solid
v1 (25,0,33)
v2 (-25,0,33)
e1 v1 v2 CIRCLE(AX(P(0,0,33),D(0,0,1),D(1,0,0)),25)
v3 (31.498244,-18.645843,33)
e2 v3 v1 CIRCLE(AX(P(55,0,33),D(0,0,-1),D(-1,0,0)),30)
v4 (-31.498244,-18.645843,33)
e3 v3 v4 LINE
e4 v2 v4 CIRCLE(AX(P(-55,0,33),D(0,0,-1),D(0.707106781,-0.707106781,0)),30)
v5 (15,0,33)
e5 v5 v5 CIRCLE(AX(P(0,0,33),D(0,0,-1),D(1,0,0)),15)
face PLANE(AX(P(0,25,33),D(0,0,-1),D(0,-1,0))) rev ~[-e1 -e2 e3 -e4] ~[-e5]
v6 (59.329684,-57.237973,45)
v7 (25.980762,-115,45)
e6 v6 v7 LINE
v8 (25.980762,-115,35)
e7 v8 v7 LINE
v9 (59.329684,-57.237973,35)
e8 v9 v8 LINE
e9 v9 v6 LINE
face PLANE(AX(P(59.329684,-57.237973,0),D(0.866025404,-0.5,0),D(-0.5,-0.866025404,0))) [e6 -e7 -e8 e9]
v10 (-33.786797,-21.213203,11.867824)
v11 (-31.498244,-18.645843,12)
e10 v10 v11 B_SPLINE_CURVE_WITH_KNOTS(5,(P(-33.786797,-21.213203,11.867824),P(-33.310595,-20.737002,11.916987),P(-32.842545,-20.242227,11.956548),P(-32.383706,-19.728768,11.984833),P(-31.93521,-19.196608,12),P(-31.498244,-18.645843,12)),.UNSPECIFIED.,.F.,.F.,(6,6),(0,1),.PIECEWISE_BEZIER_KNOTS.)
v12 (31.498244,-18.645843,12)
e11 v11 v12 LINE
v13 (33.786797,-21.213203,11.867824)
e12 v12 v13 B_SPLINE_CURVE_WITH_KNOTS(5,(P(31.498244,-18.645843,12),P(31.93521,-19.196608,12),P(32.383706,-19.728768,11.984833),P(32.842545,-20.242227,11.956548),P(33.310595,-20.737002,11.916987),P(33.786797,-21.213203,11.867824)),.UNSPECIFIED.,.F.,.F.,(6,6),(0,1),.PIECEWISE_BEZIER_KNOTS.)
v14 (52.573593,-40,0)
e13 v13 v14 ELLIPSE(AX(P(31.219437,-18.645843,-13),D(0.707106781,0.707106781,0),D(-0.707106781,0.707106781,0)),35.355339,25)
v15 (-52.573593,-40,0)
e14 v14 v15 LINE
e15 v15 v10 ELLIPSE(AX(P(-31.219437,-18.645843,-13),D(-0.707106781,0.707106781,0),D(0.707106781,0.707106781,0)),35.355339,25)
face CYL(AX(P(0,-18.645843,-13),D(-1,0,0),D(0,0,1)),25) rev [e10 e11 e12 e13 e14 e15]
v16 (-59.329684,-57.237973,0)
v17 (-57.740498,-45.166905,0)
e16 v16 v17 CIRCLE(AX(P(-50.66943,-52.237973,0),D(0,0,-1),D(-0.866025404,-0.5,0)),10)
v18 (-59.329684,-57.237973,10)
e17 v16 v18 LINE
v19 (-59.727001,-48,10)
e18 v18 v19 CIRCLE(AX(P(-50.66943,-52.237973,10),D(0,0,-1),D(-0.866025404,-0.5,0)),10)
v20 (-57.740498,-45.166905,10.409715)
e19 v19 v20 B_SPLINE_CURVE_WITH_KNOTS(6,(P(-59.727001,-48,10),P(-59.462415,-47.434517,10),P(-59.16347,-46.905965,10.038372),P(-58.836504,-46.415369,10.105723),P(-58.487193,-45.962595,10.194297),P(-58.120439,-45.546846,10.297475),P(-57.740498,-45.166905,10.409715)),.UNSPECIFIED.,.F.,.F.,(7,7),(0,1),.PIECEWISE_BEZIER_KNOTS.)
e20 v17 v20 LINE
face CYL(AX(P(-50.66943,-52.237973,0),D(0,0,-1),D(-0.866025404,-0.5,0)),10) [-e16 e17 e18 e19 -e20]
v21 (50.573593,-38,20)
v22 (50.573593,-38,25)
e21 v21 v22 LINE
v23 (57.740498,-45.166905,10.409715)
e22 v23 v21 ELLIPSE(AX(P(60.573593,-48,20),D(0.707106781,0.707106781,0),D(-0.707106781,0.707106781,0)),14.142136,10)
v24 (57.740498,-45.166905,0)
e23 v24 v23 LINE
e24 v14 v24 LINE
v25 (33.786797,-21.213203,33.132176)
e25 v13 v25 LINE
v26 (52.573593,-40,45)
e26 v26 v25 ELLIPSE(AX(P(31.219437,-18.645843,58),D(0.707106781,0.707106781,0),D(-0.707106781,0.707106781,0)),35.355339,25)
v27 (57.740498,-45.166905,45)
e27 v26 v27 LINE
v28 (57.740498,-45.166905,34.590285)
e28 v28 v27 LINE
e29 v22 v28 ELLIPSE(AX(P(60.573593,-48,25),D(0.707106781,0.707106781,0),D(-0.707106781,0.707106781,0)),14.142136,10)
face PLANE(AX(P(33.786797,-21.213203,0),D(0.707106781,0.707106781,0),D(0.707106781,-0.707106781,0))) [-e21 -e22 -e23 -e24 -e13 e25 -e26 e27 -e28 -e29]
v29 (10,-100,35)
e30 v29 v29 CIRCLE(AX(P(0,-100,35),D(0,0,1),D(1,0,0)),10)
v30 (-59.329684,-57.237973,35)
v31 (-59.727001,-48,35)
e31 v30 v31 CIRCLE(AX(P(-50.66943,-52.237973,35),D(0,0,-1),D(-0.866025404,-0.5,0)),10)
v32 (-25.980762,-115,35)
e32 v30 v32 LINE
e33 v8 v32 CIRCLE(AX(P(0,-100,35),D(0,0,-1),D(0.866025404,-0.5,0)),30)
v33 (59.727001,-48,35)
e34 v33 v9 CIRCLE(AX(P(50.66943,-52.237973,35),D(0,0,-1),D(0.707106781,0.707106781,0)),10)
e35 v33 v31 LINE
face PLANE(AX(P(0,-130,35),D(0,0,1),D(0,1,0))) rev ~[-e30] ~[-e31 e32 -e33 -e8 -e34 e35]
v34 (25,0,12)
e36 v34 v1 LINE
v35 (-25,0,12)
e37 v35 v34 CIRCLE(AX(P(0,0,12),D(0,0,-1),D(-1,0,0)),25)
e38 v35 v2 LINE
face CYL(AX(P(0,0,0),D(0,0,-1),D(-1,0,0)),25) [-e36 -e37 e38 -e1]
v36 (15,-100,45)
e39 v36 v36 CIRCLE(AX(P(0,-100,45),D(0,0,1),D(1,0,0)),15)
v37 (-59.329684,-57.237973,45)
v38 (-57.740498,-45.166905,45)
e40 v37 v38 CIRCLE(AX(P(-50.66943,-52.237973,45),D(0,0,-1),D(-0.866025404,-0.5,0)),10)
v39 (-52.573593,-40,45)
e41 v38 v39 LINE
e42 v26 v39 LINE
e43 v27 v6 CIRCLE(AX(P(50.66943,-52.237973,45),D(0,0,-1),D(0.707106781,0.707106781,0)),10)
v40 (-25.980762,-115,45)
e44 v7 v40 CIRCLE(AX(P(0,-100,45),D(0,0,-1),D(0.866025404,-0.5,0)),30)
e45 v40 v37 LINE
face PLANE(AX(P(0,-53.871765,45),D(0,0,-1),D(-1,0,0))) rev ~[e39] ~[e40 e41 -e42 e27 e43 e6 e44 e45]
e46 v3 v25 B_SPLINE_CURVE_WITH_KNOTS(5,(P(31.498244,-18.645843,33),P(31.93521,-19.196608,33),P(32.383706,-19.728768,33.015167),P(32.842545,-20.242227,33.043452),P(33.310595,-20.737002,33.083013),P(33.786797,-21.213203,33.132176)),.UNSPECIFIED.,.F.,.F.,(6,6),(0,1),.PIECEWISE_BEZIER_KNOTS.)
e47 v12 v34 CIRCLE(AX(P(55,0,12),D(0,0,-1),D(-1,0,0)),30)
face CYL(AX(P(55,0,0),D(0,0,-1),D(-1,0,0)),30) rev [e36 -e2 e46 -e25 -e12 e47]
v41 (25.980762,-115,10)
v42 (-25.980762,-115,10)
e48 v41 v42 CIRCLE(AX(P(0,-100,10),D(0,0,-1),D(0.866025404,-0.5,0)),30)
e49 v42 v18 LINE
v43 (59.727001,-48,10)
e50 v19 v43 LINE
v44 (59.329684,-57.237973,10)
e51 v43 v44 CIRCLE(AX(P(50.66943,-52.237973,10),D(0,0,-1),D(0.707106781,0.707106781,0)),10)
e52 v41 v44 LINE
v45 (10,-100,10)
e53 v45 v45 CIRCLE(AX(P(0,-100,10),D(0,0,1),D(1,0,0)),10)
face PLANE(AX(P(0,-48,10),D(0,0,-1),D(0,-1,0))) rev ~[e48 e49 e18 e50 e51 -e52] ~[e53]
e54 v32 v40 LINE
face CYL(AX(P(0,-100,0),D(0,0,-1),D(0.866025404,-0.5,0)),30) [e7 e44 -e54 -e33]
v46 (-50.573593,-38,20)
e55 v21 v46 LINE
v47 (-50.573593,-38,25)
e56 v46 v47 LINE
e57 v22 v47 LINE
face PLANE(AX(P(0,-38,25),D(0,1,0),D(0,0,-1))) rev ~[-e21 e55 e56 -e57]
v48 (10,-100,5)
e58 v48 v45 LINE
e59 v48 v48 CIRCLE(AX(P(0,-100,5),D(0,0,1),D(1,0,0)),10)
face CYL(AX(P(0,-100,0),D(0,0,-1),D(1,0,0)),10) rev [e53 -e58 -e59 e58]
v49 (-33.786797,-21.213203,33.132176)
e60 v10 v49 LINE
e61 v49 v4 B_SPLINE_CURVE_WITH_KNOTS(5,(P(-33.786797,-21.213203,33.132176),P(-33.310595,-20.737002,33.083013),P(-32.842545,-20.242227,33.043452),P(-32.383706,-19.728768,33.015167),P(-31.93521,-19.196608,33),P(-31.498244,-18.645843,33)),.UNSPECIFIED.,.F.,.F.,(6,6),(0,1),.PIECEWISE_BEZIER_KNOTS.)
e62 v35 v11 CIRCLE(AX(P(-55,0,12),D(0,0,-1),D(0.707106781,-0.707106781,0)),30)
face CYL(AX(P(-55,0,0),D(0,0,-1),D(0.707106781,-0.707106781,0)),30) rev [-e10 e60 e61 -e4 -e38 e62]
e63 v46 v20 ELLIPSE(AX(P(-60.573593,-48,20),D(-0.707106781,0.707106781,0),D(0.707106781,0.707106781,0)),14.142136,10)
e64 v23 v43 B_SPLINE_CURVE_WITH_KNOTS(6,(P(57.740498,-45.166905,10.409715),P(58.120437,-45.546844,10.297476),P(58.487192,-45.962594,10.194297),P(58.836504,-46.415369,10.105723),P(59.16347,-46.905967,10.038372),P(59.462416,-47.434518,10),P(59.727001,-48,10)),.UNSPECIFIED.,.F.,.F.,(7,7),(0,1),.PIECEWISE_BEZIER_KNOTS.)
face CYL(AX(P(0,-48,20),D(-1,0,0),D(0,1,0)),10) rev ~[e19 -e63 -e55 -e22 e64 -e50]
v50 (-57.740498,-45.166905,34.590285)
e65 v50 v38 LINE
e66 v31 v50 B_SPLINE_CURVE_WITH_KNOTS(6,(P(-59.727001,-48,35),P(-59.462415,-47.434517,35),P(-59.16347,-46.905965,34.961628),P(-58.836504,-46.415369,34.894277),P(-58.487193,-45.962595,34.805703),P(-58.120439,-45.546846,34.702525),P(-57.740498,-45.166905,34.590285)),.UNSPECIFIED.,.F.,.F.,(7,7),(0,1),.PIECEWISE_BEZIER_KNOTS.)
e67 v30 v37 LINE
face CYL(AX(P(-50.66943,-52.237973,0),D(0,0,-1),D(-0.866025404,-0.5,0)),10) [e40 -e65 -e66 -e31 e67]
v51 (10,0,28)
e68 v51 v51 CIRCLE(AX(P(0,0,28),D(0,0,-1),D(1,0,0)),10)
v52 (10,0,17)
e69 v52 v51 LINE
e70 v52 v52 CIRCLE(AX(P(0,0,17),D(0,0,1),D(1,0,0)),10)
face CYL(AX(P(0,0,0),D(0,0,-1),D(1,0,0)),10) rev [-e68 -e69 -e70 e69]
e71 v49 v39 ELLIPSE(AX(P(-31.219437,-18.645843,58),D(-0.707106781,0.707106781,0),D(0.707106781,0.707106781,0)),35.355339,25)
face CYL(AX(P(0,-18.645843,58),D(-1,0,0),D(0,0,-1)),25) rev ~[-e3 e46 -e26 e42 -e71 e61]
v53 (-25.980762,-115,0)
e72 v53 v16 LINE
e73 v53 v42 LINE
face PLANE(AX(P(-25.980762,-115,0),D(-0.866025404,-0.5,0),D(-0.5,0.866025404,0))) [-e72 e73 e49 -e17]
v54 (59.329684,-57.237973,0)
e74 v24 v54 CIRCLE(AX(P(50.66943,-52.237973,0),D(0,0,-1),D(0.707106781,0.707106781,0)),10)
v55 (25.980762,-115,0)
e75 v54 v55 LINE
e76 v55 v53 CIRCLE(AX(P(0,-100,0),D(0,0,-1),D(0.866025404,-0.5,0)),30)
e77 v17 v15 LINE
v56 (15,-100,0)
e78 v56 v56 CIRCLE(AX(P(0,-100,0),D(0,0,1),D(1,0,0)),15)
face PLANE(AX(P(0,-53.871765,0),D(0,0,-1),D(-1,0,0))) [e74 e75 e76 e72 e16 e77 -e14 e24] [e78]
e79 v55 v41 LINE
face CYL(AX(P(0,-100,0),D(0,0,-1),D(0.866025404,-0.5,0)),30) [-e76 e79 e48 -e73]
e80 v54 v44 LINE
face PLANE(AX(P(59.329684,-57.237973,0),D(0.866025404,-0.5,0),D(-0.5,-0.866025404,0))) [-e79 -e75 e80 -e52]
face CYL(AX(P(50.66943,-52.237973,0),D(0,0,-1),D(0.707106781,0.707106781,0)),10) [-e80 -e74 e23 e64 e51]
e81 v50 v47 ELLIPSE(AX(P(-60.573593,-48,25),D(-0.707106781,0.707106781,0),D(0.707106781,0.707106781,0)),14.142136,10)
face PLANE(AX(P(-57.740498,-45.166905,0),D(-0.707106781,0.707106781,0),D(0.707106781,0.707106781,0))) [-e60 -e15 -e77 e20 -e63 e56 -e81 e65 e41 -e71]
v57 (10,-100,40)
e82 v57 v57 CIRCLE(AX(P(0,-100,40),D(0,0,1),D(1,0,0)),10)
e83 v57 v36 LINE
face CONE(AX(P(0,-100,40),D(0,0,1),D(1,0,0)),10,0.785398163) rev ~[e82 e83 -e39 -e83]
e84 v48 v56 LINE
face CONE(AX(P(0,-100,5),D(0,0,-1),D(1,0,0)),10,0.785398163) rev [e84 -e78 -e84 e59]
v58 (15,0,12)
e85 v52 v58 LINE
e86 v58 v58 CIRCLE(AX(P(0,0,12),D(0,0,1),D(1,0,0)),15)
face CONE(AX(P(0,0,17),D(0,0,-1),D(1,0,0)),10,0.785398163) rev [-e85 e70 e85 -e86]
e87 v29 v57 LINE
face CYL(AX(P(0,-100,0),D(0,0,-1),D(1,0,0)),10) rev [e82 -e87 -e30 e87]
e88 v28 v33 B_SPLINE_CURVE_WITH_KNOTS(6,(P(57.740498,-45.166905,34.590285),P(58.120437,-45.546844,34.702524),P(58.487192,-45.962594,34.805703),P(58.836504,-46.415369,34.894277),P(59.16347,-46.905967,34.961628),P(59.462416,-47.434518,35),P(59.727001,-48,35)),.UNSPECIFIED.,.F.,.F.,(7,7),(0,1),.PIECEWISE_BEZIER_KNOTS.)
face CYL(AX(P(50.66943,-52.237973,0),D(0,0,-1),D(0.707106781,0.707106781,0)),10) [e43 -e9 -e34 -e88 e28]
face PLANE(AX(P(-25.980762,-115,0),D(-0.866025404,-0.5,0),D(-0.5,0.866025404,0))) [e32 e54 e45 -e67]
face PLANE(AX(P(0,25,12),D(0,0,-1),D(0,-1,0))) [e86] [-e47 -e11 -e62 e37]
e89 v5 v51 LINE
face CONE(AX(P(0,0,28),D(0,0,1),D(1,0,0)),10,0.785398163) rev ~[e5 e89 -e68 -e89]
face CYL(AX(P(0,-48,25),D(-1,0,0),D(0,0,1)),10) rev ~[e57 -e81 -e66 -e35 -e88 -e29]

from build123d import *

# Parameters (mm, degrees)
SKETCH1_R               = 10
BOSS_EXTRUDE1_DEPTH     = 45
CUT_EXTRUDE1_DEPTH      = 61.66943013
CUT_EXTRUDE1_DEPTH_BACK = 61.66943013
CHAMFER1_SIZE           = 5


with BuildPart() as part:
    # Sketch1 → Boss-Extrude1 (new body)
    with BuildSketch(Plane.XY):
        with BuildLine():
            Line((33.786796564, -21.213203436), (57.740497942, -45.166904813))
            ThreePointArc((57.740497942, -45.166904813), (60.583878744, -50.932710702), (59.329684168, -57.237972625))
            Line((59.329684168, -57.237972625), (25.980762114, -115))
            ThreePointArc((25.980762114, -115), (0, -130), (-25.980762114, -115))
            Line((-25.980762114, -115), (-59.329684168, -57.237972625))
            ThreePointArc((-59.329684168, -57.237972625), (-60.583878744, -50.932710702), (-57.740497942, -45.166904813))
            Line((-57.740497942, -45.166904813), (-33.786796564, -21.213203436))
            ThreePointArc((-33.786796564, -21.213203436), (-27.283614025, -11.480502971), (-25, 0))
            ThreePointArc((-25, 0), (0, 25), (25, 0))
            ThreePointArc((25, 0), (27.283614025, -11.480502971), (33.786796564, -21.213203436))
        make_face()
        with Locations((0, -100)):
            Circle(SKETCH1_R, mode=Mode.SUBTRACT)
        Circle(SKETCH1_R, mode=Mode.SUBTRACT)
    extrude(amount=BOSS_EXTRUDE1_DEPTH)

    # Sketch2 → Cut-Extrude1 (cut, two sides)
    with BuildSketch(Plane(origin=(0, 0, 0), x_dir=(0, 0, -1), z_dir=(1, 0, 0))) as cut_extrude1_sk:
        with BuildLine():
            Line((-35, -130), (-35, -48))
            ThreePointArc((-35, -48), (-32.071067812, -40.928932188), (-25, -38))
            Line((-25, -38), (-20, -38))
            ThreePointArc((-20, -38), (-12.928932188, -40.928932188), (-10, -48))
            Line((-10, -48), (-10, -130))
            Line((-10, -130), (-35, -130))
        make_face()
        with BuildLine():
            Line((-12, 25), (-12, -18.645843496))
            ThreePointArc((-12, -18.645843496), (-8.794494718, -30.89329221), (0, -40))
            Line((0, -40), (0, 25))
            Line((0, 25), (-12, 25))
        make_face()
        with BuildLine():
            Line((-33, 25), (-33, -18.645843496))
            ThreePointArc((-33, -18.645843496), (-36.205505282, -30.89329221), (-45, -40))
            Line((-45, -40), (-45, 25))
            Line((-45, 25), (-33, 25))
        make_face()
    extrude(amount=CUT_EXTRUDE1_DEPTH, mode=Mode.SUBTRACT)
    extrude(cut_extrude1_sk.sketch, amount=-CUT_EXTRUDE1_DEPTH_BACK, mode=Mode.SUBTRACT)

    # Chamfer1
    chamfer1_edges = [part.edges().sort_by_distance(p)[0] for p in [
        (-10, -100, 0),
        (-10, -100, 45),
        (-10, 0, 33),
        (-10, 0, 12),
    ]]
    chamfer(chamfer1_edges, length=CHAMFER1_SIZE)


solid = part.part
